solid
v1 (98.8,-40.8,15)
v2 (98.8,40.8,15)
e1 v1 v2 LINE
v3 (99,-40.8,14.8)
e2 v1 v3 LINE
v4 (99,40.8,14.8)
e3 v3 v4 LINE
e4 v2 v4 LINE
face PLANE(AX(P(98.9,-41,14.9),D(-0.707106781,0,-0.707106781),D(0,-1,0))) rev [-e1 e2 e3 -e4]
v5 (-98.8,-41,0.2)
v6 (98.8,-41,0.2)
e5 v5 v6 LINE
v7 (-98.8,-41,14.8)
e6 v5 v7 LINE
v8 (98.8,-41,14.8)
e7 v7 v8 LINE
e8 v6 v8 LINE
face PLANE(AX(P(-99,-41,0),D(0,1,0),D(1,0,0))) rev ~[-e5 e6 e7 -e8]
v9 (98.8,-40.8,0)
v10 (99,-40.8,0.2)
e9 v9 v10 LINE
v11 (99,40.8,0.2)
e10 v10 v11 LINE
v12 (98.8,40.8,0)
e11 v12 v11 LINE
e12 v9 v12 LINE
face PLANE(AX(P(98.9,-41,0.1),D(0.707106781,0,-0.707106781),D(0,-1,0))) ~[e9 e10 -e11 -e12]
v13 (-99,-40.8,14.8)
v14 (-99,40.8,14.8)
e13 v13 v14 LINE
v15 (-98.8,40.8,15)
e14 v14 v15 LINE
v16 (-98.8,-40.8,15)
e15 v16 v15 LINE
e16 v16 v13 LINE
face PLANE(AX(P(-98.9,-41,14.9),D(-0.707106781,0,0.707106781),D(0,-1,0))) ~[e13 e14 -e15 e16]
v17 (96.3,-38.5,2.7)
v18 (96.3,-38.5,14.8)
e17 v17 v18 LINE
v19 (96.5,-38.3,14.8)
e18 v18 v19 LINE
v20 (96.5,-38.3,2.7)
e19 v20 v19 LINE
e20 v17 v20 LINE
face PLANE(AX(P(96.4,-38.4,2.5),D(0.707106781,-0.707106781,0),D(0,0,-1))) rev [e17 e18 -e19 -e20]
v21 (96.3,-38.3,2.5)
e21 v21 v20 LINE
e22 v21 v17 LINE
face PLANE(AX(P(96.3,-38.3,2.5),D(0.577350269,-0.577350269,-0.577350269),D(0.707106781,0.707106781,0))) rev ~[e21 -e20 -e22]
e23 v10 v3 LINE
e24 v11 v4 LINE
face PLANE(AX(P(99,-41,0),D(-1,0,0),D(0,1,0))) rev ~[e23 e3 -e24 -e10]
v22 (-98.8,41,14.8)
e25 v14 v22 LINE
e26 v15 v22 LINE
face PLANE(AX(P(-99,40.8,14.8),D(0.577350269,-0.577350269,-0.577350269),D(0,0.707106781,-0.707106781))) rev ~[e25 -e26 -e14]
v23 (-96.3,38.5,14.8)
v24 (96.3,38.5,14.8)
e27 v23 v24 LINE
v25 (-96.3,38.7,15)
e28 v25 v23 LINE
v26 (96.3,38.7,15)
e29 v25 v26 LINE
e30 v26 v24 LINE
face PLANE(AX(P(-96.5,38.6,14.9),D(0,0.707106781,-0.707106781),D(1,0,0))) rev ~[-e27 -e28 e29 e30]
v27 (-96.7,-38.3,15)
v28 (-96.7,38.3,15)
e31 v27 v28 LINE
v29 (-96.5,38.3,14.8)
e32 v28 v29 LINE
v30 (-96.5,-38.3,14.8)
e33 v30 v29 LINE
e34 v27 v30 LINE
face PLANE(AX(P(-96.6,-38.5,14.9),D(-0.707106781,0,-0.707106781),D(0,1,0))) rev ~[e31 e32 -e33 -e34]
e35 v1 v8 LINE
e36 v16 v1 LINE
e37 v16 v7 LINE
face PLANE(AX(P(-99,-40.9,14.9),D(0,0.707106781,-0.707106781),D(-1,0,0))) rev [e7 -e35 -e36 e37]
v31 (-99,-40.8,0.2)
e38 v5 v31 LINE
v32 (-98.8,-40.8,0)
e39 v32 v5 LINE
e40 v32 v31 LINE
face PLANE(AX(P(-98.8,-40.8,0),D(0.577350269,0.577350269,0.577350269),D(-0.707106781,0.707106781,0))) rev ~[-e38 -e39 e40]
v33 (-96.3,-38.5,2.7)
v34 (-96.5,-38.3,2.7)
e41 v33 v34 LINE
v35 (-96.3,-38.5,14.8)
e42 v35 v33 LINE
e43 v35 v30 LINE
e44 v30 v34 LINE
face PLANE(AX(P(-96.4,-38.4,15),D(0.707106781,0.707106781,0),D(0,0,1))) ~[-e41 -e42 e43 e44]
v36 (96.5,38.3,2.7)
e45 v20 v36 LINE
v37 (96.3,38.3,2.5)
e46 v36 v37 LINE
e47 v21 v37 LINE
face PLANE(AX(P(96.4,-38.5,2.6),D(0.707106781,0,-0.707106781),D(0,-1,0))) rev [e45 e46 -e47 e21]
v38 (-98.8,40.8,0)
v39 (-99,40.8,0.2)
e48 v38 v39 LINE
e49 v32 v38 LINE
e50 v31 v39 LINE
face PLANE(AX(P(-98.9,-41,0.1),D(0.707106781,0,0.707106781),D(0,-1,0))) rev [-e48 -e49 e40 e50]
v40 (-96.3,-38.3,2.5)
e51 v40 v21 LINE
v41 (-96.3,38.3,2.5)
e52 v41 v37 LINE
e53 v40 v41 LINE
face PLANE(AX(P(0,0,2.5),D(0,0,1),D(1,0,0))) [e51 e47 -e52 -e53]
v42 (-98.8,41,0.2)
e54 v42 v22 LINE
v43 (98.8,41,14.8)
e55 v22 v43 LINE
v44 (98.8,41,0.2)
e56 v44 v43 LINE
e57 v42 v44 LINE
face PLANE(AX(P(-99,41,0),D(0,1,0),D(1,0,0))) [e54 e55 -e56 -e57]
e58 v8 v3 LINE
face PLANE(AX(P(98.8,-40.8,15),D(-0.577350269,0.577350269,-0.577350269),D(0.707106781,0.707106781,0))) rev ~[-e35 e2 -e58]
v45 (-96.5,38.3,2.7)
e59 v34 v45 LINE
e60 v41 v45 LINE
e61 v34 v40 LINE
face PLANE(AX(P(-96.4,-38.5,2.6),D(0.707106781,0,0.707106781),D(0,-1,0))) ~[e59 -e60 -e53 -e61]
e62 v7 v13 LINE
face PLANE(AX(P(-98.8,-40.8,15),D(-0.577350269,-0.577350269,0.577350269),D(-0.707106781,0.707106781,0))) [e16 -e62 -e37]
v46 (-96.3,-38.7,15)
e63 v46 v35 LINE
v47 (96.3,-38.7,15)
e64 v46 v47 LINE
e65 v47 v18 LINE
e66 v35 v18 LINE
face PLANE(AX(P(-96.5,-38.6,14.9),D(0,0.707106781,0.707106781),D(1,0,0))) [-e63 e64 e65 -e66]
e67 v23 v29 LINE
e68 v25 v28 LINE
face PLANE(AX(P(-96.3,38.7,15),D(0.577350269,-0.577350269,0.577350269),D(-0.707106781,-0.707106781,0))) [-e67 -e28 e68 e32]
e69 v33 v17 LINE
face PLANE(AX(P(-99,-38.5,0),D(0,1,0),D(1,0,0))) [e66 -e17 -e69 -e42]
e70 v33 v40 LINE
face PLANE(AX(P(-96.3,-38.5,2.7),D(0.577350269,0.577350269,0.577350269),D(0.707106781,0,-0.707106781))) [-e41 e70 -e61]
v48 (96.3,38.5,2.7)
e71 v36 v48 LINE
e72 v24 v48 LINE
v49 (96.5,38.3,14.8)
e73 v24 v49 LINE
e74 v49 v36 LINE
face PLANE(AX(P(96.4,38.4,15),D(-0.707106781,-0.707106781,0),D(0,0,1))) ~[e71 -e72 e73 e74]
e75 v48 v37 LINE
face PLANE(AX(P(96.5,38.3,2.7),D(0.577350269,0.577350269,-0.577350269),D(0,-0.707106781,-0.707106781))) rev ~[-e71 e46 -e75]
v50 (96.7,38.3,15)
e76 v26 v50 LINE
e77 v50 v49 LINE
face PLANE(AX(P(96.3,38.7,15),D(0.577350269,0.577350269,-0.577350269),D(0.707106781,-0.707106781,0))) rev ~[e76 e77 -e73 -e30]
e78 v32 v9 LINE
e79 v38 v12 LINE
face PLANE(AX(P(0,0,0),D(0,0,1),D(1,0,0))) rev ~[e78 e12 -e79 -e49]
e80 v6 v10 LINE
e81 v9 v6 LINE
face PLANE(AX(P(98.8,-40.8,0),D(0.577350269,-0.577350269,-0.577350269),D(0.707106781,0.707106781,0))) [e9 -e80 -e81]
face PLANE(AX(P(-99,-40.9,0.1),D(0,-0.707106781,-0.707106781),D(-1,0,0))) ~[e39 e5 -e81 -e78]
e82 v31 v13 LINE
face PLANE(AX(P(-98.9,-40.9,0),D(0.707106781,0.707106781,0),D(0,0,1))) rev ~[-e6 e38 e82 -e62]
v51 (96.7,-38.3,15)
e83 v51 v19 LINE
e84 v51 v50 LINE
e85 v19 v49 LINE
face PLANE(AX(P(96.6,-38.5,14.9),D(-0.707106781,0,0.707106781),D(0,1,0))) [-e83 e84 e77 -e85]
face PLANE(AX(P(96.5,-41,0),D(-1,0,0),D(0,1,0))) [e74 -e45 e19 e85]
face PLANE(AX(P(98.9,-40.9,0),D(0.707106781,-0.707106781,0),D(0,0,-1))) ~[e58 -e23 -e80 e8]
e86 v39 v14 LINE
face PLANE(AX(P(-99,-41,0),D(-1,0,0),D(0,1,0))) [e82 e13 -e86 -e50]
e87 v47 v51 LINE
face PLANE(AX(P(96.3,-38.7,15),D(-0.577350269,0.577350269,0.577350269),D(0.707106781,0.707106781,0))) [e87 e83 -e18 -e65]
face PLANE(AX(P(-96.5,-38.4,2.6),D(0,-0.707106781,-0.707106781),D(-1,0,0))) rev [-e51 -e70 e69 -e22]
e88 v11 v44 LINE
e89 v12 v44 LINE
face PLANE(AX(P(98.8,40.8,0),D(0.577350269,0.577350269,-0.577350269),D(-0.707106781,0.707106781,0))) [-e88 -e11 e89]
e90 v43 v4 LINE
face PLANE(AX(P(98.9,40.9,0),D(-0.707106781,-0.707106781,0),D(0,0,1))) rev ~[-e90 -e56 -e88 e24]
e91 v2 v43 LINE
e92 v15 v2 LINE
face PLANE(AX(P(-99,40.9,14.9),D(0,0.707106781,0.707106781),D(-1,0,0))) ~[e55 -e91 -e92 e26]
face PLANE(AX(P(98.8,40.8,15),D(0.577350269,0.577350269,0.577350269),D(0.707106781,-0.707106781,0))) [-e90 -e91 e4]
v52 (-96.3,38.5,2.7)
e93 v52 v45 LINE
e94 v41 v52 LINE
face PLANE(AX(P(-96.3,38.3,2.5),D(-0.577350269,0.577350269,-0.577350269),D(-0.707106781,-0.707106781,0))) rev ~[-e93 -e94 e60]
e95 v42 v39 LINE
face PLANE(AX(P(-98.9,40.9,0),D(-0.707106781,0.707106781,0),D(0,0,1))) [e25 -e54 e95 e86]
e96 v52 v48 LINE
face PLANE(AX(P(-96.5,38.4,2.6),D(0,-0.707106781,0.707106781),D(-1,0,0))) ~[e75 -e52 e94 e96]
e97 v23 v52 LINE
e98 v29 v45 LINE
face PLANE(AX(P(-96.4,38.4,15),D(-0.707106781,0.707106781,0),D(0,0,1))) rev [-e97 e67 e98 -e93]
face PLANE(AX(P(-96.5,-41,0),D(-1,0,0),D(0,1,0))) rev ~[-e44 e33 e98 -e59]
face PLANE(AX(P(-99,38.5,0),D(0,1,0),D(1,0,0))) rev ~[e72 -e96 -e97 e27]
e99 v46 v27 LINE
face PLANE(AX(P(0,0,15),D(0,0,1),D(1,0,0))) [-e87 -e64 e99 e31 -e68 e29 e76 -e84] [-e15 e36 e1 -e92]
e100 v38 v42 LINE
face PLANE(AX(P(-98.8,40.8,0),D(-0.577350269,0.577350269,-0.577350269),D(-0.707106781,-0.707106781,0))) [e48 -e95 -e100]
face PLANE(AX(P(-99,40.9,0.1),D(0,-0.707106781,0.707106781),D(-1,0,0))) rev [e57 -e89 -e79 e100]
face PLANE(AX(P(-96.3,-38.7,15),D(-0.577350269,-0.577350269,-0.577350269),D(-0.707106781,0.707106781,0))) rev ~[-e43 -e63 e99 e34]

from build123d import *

# Parameters (mm, degrees)
F0_W     = 198
F0_H     = 82
F1_DEPTH = 15
F2_T     = -2.5
F3_SIZE  = 0.2


with BuildPart() as f1:
    # F0 (on Top) → F1 (new body)
    with BuildSketch(Plane.XY):
        Rectangle(F0_W, F0_H)
    extrude(amount=F1_DEPTH)

    # F2
    f2_openings = [f1.faces().sort_by_distance(p)[0] for p in [
        (0, 0, 15),
    ]]
    offset(amount=F2_T, openings=f2_openings)

    # F3
    f3_edges = [f1.edges().sort_by_distance(p)[0] for p in [
        (99, 41, 7.5),
        (99, -41, 7.5),
        (-99, -41, 7.5),
        (0, -41, 0),
        (0, -41, 15),
        (0, 41, 15),
        (-99, 0, 15),
        (99, 0, 0),
        (99, 0, 15),
        (-96.5, 38.5, 8.75),
        (0, -38.5, 15),
        (0, 38.5, 2.5),
        (0, 38.5, 15),
        (-96.5, 0, 2.5),
        (-96.5, 0, 15),
        (96.5, 0, 15),
        (-99, 41, 7.5),
        (0, 41, 0),
        (-99, 0, 0),
        (-96.5, -38.5, 8.75),
        (96.5, -38.5, 8.75),
        (96.5, 38.5, 8.75),
        (0, -38.5, 2.5),
        (96.5, 0, 2.5),
    ]]
    chamfer(f3_edges, length=F3_SIZE)


solid = f1.part
